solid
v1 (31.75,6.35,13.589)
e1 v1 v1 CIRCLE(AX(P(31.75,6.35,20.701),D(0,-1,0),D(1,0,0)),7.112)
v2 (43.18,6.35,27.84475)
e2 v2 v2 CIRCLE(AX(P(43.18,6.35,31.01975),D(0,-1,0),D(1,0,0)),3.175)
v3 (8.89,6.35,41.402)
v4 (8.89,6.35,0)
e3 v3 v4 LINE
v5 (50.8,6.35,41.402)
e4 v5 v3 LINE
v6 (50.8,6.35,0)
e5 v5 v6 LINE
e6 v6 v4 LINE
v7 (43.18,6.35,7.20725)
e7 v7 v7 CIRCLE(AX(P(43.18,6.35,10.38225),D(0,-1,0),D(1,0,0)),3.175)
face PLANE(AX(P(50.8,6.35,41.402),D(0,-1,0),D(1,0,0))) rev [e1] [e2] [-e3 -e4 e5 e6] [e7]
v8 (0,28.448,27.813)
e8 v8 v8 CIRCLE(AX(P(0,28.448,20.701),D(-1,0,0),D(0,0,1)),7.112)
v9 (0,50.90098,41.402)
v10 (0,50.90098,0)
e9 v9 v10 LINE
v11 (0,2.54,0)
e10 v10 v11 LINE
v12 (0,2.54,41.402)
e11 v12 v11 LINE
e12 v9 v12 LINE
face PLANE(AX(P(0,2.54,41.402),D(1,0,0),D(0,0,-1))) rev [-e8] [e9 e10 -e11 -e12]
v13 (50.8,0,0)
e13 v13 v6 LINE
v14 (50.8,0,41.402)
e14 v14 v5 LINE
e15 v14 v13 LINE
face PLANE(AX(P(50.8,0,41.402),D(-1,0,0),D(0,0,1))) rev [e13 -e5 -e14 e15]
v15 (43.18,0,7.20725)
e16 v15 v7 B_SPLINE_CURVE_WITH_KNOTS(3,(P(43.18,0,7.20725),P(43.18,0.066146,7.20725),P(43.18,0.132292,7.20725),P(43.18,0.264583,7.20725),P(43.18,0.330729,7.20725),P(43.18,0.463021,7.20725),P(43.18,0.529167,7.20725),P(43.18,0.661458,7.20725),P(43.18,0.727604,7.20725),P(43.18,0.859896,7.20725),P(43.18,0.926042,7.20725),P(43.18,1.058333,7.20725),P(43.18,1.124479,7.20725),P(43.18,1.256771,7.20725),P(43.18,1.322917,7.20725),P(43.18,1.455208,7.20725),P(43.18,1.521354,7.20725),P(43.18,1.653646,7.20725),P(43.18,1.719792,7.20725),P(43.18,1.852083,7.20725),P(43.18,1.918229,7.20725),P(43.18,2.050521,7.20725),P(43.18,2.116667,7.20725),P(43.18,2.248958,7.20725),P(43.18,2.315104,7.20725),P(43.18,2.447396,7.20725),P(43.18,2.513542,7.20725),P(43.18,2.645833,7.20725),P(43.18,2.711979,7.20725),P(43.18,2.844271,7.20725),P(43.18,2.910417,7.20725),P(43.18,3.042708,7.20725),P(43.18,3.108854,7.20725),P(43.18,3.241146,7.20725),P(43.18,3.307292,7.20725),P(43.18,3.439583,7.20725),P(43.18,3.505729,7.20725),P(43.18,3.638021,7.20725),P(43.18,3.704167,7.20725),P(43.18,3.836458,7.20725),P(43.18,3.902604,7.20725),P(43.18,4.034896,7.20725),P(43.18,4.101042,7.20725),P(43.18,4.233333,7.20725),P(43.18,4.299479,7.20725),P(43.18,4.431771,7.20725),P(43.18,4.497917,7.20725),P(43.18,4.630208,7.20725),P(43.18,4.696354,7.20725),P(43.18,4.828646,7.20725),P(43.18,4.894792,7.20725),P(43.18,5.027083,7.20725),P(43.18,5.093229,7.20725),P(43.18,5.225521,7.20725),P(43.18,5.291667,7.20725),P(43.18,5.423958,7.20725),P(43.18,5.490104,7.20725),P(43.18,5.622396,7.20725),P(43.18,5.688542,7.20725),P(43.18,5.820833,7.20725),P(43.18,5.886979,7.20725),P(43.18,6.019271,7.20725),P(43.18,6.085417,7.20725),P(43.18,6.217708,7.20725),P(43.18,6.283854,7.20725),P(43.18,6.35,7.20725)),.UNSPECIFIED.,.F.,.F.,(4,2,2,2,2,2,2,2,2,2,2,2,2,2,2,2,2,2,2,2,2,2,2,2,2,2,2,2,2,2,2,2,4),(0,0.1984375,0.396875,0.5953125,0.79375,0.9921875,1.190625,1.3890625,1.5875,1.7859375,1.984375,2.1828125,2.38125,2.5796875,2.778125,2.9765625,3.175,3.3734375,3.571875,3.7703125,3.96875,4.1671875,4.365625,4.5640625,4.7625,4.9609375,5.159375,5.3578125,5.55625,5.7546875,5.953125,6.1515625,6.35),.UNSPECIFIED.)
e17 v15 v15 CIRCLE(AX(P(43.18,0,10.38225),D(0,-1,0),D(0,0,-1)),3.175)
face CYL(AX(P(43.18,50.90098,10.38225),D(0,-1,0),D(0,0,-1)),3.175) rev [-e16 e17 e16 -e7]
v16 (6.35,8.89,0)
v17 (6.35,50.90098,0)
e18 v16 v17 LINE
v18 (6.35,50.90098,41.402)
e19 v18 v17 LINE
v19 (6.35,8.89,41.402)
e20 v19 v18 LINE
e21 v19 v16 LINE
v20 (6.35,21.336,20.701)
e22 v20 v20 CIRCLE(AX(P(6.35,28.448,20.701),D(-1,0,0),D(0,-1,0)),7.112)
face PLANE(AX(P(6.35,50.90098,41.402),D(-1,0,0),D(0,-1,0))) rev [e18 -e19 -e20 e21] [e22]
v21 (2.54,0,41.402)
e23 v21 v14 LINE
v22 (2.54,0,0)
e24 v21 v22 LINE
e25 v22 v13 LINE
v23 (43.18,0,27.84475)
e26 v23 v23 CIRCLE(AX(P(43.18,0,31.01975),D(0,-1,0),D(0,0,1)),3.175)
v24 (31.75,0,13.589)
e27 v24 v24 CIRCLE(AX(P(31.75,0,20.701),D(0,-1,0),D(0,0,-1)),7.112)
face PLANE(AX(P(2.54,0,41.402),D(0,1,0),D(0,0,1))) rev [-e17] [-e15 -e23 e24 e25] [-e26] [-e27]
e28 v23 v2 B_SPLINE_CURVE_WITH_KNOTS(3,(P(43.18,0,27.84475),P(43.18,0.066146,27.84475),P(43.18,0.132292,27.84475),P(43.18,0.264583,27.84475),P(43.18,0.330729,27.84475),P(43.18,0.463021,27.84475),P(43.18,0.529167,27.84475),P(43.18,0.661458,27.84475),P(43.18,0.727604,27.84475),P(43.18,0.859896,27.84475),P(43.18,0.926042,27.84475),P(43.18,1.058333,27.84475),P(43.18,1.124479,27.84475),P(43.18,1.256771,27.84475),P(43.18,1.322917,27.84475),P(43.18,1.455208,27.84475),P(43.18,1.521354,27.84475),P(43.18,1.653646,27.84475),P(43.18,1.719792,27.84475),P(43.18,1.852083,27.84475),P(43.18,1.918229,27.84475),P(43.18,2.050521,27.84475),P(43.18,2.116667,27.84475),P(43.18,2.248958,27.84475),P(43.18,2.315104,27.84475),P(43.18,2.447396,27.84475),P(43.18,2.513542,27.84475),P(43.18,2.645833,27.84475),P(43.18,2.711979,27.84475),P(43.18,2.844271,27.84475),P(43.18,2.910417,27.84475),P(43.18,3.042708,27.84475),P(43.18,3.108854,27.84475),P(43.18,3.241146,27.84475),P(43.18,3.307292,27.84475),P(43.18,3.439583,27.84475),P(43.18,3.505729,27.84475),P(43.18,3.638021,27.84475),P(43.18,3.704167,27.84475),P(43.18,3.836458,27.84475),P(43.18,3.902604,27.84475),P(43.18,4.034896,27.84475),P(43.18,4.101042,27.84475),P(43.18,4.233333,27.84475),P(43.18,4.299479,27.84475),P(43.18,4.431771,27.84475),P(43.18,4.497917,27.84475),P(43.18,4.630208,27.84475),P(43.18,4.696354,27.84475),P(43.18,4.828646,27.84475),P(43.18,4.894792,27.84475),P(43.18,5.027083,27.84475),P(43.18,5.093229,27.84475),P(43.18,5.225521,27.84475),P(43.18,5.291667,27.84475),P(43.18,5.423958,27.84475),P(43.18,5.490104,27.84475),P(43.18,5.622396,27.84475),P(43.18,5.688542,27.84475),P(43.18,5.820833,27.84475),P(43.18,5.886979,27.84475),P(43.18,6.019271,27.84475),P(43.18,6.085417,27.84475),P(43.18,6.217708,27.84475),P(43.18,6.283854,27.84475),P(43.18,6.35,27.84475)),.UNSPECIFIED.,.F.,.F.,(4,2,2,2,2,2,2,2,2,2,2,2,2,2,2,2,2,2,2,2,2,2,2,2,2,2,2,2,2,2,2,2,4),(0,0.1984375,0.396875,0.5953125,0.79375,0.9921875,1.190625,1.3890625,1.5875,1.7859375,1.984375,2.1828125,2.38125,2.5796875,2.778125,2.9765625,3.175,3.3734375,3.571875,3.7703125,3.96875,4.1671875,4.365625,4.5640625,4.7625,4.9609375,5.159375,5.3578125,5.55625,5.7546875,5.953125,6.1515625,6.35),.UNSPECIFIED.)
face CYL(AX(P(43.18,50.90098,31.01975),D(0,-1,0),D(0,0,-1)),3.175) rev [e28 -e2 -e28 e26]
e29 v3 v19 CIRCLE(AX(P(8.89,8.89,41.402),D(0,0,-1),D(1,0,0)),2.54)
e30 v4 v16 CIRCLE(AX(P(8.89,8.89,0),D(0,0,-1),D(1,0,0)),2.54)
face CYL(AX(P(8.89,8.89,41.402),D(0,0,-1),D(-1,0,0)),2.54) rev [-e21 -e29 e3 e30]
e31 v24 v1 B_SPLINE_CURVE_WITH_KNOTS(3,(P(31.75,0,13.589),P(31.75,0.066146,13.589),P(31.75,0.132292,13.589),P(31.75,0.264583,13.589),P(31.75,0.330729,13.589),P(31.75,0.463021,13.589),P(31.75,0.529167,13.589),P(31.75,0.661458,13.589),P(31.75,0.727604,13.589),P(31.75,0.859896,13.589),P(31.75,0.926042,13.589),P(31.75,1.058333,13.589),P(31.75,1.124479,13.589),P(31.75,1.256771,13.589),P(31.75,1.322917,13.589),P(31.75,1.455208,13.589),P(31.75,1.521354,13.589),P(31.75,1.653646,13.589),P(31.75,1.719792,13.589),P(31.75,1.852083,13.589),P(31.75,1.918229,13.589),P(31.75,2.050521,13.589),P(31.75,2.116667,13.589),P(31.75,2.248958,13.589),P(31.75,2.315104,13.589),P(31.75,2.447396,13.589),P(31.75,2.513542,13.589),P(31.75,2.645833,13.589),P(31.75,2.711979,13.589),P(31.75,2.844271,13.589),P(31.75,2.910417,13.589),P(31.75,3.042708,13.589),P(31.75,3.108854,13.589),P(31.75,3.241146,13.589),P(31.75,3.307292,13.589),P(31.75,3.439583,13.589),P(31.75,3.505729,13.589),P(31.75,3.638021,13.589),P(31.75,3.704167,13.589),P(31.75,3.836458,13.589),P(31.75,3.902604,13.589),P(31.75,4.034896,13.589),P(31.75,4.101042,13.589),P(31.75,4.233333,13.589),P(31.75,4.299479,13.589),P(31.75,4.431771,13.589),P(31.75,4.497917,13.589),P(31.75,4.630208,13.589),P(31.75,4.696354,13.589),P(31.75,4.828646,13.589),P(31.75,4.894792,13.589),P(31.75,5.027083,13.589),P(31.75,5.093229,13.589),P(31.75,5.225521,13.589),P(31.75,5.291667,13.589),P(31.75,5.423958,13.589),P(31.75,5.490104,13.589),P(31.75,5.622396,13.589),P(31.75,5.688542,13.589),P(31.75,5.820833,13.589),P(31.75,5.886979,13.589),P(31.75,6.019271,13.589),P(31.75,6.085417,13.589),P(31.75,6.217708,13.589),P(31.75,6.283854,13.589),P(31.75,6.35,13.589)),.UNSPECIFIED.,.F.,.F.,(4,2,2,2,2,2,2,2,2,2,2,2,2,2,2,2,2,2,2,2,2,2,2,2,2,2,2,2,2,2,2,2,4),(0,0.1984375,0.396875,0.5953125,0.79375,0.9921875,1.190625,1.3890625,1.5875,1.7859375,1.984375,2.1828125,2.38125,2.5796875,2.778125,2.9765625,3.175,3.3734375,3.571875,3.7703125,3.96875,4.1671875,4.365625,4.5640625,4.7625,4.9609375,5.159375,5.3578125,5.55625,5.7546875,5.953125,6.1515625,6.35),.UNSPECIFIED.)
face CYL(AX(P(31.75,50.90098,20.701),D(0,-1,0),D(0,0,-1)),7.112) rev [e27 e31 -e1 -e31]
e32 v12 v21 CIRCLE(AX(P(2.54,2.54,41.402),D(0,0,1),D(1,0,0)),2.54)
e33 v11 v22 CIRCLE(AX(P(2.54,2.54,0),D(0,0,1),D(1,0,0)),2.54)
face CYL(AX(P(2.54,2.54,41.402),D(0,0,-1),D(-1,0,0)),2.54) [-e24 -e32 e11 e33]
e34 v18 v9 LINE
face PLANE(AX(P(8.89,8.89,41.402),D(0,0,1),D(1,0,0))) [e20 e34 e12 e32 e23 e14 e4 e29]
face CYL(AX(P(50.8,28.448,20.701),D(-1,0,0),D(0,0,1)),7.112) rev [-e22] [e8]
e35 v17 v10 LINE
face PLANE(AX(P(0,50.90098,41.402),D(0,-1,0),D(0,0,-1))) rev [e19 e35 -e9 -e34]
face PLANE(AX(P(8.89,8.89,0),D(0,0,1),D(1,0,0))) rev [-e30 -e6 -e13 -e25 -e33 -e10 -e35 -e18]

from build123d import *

# Parameters (mm, degrees)
EXTRUDE_1_DEPTH     = 41.402
SKETCH_4_R          = 7.112
CUT_EXTRUDE_1_DEPTH = 83.979969858
SKETCH_3_R          = 7.112
CUT_EXTRUDE_2_DEPTH = 83.979969858
SKETCH1_R           = 3.175
CUT_EXTRUDE1_DEPTH  = 83.979969858


with BuildPart() as part:
    # 草图1 → 凸台-拉伸1 (new body)
    with BuildSketch(Plane.XY):
        with BuildLine():
            Line((2.54, 0), (50.8, 0))
            Line((50.8, 0), (50.8, 6.35))
            Line((50.8, 6.35), (8.89, 6.35))
            ThreePointArc((8.89, 6.35), (7.093948776, 7.093948776), (6.35, 8.89))
            Line((6.35, 8.89), (6.35, 50.900980282))
            Line((6.35, 50.900980282), (0, 50.900980282))
            Line((0, 50.900980282), (0, 2.54))
            ThreePointArc((0, 2.54), (0.743948776, 0.743948776), (2.54, 0))
        make_face()
    extrude(amount=EXTRUDE_1_DEPTH)

    # 草图4 → 切除-拉伸1 (cut, through all)
    with BuildSketch(Plane.ZY):
        with Locations((20.701, 28.448)):
            Circle(SKETCH_4_R)
    extrude(amount=-CUT_EXTRUDE_1_DEPTH, mode=Mode.SUBTRACT)

    # 草图3 → 切除-拉伸2 (cut, through all)
    with BuildSketch(Plane(origin=(0, 0, 0), x_dir=(-1, 0, 0), z_dir=(0, -1, 0))):
        with Locations(Location((-31.75, -20.701, 0), (0, 0, 90))):
            Circle(SKETCH_3_R)
    extrude(amount=-CUT_EXTRUDE_2_DEPTH, mode=Mode.SUBTRACT)

    # Sketch1 → Cut-Extrude1 (cut, through all)
    with BuildSketch(Plane(origin=(0, 0, 0), x_dir=(-1, 0, 0), z_dir=(0, -1, 0))):
        with Locations(Location((-43.18, -10.38225, 0), (0, 0, 90))):
            Circle(SKETCH1_R)
        with Locations(Location((-43.18, -31.01975, 0), (0, 0, 90))):
            Circle(SKETCH1_R)
    extrude(amount=-CUT_EXTRUDE1_DEPTH, mode=Mode.SUBTRACT)


solid = part.part
